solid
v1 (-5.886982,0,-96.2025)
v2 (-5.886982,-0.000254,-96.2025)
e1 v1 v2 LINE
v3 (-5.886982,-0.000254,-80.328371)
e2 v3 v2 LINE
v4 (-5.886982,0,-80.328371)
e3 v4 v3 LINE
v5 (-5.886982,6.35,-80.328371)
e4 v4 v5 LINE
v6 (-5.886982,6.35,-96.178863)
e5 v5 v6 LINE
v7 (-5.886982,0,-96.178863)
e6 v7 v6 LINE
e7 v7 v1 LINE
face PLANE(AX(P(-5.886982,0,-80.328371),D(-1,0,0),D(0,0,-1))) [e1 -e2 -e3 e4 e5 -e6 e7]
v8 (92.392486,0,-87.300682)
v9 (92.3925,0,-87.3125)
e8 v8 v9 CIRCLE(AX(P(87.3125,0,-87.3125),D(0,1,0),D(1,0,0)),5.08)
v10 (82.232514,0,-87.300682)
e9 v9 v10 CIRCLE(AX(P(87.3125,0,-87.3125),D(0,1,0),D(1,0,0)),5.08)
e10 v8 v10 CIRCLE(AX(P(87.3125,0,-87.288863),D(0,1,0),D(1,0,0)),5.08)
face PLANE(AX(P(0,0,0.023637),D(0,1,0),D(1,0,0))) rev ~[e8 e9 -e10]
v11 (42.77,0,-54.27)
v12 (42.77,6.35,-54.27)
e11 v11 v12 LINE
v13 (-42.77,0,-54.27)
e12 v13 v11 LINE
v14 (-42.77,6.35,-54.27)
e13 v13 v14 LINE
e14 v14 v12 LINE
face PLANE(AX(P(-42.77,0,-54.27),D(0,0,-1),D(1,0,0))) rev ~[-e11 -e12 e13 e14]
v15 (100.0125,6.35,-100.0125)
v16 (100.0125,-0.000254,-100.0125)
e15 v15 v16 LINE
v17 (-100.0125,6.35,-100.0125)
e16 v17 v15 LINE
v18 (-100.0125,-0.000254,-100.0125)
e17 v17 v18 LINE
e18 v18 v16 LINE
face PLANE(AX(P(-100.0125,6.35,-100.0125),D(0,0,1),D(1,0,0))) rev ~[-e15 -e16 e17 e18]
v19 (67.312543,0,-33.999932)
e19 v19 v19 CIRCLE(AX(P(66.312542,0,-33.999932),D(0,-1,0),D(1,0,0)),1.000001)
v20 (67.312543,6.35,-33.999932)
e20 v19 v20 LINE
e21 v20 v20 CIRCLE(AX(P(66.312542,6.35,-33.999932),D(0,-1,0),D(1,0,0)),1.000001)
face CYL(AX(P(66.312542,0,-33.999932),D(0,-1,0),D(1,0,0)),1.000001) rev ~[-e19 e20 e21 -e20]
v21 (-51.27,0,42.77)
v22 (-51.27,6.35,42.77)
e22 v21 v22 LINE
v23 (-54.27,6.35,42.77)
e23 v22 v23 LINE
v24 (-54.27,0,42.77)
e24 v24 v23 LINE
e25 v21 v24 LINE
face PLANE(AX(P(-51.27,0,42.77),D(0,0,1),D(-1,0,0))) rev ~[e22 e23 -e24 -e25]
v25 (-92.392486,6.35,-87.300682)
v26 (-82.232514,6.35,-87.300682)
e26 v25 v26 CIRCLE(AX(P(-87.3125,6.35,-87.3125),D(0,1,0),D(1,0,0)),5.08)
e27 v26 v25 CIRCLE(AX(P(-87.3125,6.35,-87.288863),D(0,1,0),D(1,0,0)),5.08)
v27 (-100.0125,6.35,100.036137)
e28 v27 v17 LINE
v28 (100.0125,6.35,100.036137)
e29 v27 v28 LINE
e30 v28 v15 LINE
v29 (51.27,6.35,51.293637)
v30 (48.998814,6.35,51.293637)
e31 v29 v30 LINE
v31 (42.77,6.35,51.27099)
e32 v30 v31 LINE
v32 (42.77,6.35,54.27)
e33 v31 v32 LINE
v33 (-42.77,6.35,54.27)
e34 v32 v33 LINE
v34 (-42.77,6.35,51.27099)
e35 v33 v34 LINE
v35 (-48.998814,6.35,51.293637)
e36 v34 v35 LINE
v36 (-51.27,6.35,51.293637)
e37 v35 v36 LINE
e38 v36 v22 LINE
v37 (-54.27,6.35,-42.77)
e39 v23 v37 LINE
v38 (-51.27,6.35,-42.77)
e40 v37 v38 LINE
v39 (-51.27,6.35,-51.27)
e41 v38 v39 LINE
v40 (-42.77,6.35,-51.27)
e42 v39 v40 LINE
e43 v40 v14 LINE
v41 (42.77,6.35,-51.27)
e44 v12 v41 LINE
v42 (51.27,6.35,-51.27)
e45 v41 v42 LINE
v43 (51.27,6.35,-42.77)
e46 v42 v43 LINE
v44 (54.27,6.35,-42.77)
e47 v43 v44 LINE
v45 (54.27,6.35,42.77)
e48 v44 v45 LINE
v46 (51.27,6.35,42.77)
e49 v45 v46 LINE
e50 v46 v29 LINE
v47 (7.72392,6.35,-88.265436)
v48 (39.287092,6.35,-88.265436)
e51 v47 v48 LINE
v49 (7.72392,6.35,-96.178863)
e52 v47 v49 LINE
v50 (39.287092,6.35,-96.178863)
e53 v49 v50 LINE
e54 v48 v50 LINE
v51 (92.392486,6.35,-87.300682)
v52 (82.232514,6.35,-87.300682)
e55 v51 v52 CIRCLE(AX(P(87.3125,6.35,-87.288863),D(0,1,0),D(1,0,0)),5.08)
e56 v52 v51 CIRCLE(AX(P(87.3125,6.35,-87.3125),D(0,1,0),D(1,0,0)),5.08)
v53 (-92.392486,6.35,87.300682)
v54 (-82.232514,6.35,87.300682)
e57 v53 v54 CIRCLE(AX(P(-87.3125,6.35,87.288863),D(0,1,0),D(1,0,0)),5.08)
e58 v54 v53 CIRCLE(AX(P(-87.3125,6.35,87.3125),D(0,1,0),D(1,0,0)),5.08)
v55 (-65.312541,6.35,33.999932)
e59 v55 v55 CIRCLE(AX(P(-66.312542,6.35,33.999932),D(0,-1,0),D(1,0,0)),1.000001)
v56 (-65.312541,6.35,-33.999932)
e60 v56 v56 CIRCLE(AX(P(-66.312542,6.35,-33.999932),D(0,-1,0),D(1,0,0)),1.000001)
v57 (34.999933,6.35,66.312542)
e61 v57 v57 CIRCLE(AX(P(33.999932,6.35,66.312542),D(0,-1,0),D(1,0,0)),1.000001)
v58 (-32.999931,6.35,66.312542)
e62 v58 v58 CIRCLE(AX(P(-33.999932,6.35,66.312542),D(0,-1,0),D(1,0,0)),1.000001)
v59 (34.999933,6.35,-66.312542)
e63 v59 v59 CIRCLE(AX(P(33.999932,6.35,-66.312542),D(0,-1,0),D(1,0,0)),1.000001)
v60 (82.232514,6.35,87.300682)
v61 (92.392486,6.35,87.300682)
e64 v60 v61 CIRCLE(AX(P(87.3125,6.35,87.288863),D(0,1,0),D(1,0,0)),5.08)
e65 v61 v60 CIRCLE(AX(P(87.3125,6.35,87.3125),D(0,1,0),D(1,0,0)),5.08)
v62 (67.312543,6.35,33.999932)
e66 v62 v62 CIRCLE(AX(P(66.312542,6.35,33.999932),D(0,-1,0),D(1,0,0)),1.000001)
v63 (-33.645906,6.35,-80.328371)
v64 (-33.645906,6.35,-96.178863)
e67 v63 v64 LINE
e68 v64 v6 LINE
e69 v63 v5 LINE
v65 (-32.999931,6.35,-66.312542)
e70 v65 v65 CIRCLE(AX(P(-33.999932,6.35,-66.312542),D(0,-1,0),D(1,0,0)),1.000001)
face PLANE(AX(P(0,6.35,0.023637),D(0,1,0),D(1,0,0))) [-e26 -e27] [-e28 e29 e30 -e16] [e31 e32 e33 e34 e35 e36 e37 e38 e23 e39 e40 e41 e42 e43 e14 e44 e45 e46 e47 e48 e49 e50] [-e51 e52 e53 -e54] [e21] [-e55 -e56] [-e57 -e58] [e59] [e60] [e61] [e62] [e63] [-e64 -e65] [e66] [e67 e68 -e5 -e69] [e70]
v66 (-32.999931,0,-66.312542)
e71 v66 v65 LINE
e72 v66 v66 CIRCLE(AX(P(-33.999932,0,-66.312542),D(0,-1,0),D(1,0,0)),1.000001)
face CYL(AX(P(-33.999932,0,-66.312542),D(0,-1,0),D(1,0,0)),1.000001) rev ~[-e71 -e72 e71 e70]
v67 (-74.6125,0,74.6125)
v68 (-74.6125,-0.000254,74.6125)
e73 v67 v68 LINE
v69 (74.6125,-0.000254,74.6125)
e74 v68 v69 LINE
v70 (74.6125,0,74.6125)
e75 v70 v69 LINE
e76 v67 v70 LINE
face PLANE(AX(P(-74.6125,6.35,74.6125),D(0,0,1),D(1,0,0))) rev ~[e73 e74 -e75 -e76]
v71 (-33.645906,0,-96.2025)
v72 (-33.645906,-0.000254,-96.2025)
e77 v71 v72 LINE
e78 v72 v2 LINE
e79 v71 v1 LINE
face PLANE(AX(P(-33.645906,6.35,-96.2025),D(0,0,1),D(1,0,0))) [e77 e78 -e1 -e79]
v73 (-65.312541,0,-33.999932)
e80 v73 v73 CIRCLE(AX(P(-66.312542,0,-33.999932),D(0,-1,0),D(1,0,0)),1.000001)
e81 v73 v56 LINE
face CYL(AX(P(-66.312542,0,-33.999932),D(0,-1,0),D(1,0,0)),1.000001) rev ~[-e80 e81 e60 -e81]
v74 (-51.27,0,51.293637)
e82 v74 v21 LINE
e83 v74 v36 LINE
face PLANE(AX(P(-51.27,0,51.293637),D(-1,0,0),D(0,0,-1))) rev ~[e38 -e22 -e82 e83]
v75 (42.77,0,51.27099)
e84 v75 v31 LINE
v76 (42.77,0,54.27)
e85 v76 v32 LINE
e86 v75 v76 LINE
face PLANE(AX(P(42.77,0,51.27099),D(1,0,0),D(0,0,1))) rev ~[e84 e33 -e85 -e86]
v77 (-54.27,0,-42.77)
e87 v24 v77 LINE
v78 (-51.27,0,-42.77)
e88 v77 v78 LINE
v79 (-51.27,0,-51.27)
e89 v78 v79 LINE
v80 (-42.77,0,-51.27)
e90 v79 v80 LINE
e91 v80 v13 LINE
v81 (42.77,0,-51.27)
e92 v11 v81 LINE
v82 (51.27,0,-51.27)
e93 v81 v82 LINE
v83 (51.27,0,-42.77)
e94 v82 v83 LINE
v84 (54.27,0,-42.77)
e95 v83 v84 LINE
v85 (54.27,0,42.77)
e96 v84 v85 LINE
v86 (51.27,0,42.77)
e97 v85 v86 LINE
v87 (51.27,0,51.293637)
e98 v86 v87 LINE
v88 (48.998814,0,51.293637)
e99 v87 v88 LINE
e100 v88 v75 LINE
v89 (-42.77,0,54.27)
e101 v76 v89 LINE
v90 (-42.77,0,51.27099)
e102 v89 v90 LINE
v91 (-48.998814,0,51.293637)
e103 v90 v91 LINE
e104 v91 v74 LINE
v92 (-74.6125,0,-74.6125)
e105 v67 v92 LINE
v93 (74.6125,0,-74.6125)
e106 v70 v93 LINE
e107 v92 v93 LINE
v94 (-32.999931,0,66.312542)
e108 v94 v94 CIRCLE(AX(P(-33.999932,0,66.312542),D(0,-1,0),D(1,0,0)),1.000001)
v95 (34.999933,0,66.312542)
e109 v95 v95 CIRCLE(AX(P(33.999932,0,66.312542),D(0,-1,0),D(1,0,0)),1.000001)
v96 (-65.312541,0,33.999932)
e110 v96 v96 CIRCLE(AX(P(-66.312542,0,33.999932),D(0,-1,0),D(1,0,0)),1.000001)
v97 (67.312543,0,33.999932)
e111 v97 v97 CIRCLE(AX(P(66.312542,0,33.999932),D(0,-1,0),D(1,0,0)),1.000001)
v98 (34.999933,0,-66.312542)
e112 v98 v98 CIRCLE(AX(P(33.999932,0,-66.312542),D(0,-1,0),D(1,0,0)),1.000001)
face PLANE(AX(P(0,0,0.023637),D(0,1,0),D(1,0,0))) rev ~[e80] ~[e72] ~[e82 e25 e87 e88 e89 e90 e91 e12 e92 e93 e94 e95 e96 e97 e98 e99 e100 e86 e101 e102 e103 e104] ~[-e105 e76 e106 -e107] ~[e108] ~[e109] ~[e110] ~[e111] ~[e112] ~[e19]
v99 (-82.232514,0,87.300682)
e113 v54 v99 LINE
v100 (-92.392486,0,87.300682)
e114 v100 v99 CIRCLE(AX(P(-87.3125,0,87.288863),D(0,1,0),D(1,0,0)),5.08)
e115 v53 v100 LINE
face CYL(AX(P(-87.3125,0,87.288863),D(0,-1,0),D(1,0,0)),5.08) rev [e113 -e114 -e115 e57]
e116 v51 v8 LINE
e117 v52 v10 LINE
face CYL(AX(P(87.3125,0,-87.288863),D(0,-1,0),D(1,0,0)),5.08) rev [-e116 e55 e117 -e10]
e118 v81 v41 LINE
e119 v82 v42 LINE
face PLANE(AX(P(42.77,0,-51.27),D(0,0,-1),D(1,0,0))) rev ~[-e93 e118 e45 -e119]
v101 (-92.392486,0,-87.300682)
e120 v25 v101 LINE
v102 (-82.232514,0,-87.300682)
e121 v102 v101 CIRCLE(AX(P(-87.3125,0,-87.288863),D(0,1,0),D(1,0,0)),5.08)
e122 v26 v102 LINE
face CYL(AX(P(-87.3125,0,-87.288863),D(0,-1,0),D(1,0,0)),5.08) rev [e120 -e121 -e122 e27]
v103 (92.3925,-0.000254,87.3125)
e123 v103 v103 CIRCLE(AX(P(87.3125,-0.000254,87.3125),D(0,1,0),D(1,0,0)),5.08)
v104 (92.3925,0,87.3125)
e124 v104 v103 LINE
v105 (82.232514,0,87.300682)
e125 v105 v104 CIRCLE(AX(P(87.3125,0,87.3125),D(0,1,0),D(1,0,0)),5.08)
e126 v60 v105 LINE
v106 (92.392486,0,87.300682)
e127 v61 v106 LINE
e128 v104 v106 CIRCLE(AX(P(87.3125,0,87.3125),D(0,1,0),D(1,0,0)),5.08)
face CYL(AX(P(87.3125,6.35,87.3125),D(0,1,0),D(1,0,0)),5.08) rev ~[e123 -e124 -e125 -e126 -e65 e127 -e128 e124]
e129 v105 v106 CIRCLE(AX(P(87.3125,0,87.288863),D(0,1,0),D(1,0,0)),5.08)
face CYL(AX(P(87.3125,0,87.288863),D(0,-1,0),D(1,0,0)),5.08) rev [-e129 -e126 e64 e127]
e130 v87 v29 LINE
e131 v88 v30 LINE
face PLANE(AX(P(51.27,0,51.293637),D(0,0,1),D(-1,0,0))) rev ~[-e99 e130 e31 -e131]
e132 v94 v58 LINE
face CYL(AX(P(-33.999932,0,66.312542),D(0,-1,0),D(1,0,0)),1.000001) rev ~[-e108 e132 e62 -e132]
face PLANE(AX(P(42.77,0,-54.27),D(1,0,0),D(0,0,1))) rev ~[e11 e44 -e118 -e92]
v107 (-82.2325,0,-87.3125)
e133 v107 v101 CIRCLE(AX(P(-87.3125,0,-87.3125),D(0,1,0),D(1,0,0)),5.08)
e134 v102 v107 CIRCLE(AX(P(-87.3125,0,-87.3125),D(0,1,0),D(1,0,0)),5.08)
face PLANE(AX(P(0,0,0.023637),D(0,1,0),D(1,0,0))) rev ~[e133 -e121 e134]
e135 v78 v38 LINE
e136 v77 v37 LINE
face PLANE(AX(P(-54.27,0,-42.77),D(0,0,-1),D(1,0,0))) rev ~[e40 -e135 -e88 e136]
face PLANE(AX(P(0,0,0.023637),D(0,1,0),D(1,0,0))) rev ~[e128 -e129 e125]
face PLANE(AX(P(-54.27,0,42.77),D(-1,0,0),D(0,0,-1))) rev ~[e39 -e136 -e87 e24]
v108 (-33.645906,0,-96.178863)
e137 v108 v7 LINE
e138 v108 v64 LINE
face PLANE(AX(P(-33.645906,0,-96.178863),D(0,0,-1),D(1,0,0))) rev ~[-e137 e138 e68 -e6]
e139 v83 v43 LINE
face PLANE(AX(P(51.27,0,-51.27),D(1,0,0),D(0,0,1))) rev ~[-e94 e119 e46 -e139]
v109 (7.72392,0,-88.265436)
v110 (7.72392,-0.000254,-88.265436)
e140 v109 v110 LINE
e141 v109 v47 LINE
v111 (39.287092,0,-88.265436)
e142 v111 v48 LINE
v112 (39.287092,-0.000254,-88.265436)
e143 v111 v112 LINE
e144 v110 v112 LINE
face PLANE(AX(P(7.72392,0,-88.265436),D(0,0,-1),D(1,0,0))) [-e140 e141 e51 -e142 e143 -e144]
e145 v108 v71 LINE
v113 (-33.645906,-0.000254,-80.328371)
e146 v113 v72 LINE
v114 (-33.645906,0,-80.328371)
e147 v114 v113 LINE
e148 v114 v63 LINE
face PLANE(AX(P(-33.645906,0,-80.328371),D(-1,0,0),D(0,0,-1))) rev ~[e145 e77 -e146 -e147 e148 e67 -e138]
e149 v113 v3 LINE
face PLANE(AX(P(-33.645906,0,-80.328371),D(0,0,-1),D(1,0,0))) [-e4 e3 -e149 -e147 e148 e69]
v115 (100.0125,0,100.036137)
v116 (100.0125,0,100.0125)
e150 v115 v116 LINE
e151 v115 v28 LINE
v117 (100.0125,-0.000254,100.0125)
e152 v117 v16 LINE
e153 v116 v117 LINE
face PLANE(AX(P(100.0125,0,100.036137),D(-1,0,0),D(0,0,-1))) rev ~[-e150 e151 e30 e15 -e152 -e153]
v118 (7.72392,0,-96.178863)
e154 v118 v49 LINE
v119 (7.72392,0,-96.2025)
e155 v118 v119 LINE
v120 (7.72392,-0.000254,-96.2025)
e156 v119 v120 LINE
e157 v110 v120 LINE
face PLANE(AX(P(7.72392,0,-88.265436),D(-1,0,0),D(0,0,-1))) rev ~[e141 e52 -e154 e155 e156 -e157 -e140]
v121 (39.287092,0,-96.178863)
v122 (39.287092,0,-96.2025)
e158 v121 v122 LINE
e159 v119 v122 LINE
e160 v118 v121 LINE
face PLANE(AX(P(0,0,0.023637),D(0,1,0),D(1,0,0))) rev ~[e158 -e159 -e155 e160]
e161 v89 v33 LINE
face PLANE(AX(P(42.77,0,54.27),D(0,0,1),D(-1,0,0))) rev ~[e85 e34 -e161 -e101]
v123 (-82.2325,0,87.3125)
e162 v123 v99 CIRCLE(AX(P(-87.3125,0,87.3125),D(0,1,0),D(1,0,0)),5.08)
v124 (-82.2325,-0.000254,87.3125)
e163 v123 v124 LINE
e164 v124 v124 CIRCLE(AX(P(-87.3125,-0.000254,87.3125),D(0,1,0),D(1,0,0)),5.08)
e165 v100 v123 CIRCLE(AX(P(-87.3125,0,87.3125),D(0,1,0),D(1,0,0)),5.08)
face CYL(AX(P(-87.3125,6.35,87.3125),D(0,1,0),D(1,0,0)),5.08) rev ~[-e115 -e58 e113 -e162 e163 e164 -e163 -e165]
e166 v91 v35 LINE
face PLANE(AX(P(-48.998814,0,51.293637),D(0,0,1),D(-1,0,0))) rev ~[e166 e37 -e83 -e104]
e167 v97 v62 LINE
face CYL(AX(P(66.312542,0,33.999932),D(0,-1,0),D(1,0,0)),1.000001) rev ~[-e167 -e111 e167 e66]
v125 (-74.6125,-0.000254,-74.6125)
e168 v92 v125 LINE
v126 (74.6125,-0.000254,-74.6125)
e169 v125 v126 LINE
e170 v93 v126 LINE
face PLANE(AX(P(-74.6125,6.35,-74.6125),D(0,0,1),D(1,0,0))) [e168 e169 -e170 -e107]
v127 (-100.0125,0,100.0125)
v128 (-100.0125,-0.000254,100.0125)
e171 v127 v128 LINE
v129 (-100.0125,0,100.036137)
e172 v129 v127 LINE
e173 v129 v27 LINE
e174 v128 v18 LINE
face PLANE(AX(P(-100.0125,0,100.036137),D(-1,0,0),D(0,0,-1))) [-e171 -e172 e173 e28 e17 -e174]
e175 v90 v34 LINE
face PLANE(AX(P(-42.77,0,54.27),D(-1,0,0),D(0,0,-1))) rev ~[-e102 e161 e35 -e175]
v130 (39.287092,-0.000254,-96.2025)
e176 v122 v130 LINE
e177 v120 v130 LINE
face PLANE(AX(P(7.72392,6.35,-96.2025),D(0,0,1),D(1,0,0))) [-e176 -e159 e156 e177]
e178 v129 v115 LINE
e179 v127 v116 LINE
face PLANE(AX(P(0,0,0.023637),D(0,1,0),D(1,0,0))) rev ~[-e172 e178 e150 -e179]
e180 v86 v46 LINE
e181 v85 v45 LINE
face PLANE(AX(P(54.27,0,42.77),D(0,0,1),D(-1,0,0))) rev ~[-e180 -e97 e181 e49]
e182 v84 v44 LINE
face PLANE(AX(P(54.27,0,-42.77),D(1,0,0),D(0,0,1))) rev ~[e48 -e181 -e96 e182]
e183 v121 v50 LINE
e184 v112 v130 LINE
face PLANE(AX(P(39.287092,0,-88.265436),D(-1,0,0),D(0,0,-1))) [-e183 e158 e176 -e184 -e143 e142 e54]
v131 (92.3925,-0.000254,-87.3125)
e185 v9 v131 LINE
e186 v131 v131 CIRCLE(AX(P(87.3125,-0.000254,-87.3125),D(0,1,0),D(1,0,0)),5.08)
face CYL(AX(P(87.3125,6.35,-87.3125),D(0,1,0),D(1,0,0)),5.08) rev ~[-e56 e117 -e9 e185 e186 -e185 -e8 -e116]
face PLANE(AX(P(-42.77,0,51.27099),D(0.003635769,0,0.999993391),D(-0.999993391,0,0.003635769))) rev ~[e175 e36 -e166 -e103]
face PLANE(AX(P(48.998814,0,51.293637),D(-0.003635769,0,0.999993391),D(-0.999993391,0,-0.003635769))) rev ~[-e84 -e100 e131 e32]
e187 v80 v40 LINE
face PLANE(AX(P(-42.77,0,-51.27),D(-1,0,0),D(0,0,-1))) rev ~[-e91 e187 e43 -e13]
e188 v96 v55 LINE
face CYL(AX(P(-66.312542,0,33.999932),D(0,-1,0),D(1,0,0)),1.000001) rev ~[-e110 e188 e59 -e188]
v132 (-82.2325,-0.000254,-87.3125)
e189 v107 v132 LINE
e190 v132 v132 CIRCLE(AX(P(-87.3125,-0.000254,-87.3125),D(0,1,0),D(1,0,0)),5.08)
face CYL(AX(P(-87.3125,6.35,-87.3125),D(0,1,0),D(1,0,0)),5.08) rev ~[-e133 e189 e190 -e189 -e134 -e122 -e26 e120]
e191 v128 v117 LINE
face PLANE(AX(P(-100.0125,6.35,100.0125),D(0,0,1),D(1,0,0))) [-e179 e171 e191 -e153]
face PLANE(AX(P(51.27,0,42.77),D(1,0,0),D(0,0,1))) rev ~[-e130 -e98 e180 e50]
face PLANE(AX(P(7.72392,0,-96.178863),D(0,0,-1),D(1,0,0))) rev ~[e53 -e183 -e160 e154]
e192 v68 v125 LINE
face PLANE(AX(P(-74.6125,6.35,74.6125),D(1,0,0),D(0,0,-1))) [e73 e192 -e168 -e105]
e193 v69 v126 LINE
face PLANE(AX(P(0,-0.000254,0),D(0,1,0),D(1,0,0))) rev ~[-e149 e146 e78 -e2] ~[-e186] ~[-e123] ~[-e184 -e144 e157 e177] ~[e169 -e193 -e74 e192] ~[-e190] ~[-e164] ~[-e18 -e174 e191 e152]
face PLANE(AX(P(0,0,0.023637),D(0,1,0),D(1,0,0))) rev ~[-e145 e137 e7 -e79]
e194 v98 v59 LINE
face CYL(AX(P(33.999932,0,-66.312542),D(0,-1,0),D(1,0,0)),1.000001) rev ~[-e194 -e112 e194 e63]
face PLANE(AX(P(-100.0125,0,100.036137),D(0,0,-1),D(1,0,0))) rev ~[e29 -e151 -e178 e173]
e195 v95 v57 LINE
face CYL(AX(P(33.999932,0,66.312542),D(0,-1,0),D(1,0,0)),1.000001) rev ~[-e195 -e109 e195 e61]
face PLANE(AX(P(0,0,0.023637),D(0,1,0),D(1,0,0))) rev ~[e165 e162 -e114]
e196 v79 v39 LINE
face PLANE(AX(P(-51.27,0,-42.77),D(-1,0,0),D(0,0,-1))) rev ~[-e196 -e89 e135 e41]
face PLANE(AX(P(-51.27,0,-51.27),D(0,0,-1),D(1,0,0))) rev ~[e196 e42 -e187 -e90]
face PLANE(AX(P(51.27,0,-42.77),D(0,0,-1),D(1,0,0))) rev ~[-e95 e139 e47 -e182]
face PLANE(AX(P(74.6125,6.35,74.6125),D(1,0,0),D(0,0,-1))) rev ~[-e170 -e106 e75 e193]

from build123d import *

# Parameters (mm, degrees)
SKETCH1_W           = 200.025
SKETCH1_H           = 200.025
SKETCH1_R           = 5.08
SKETCH1_W_2         = 27.758924323
SKETCH1_H_2         = 15.850492031
SKETCH1_W_3         = 31.563171913
SKETCH1_H_3         = 7.913427648
BOSS_EXTRUDE1_DEPTH = 6.35
SKETCH2_W           = 200.025
SKETCH2_H           = 200.025
SKETCH2_R           = 5.08
SKETCH2_W_2         = 149.225
SKETCH2_H_2         = 149.225
SKETCH2_W_3         = 27.758924323
SKETCH2_H_3         = 15.874128766
SKETCH2_W_4         = 31.563171913
SKETCH2_H_4         = 7.937064383
BOSS_EXTRUDE2_DEPTH = 6.350254
SKETCH3_R           = 1.00000054
CUT_EXTRUDE1_DEPTH  = 23.622


with BuildPart() as part:
    # Sketch1 → Boss-Extrude1 (new body)
    with BuildSketch(Plane(origin=(0, 0, 0), x_dir=(1, 0, 0), z_dir=(0, 1, 0))):
        with Locations((0, -0.023636735)):
            Rectangle(SKETCH1_W, SKETCH1_H)
        with Locations((-87.3125, 87.288863265)):
            Circle(SKETCH1_R, mode=Mode.SUBTRACT)
        with Locations((87.3125, 87.288863265)):
            Circle(SKETCH1_R, mode=Mode.SUBTRACT)
        with Locations((-87.3125, -87.288863265)):
            Circle(SKETCH1_R, mode=Mode.SUBTRACT)
        with Locations((87.3125, -87.288863265)):
            Circle(SKETCH1_R, mode=Mode.SUBTRACT)
        Polygon((38.5, 54.27), (42.77, 54.27), (42.77, 51.27), (49, 51.27), (51.27, 51.27), (51.27, 49), (51.27, 42.77), (54.27, 42.77), (54.27, 38.5), (54.27, -38.5), (54.27, -42.77), (51.27, -42.77), (51.27, -49), (51.27, -51.293636735), (48.998814015, -51.293636735), (42.77, -51.270990058), (42.77, -54.27), (38.5, -54.27), (-38.5, -54.27), (-42.77, -54.27), (-42.77, -51.270990058), (-48.998814015, -51.293636735), (-51.27, -51.293636735), (-51.27, -49), (-51.27, -42.77), (-54.27, -42.77), (-54.27, -38.5), (-54.27, 38.5), (-54.27, 42.77), (-51.27, 42.77), (-51.27, 49), (-51.27, 51.27), (-49, 51.27), (-42.77, 51.27), (-42.77, 54.27), (-38.5, 54.27), align=None, mode=Mode.SUBTRACT)
        with Locations((-19.766444167, 88.253617249)):
            Rectangle(SKETCH1_W_2, SKETCH1_H_2, mode=Mode.SUBTRACT)
        with Locations((23.505506165, 92.222149441)):
            Rectangle(SKETCH1_W_3, SKETCH1_H_3, mode=Mode.SUBTRACT)
    extrude(amount=BOSS_EXTRUDE1_DEPTH)

    # Sketch2 → Boss-Extrude2 (add)
    with BuildSketch(Plane(origin=(0, 6.35, 0), x_dir=(1, 0, 0), z_dir=(0, 1, 0))):
        Rectangle(SKETCH2_W, SKETCH2_H)
        with Locations((-87.3125, 87.3125)):
            Circle(SKETCH2_R, mode=Mode.SUBTRACT)
        with Locations((87.3125, 87.3125)):
            Circle(SKETCH2_R, mode=Mode.SUBTRACT)
        with Locations((-87.3125, -87.3125)):
            Circle(SKETCH2_R, mode=Mode.SUBTRACT)
        with Locations((87.3125, -87.3125)):
            Circle(SKETCH2_R, mode=Mode.SUBTRACT)
        Rectangle(SKETCH2_W_2, SKETCH2_H_2, mode=Mode.SUBTRACT)
        with Locations((-19.766444167, 88.265435617)):
            Rectangle(SKETCH2_W_3, SKETCH2_H_3, mode=Mode.SUBTRACT)
        with Locations((23.505506165, 92.233967809)):
            Rectangle(SKETCH2_W_4, SKETCH2_H_4, mode=Mode.SUBTRACT)
    extrude(amount=-BOSS_EXTRUDE2_DEPTH)

    # Sketch3 → Cut-Extrude1 (cut)
    with BuildSketch(Plane.XZ):
        with Locations((-33.999932, -66.312542)):
            Circle(SKETCH3_R)
        with Locations((33.999932, -66.312542)):
            Circle(SKETCH3_R)
        with Locations((-66.312542, 33.999932)):
            Circle(SKETCH3_R)
        with Locations((-66.312542, -33.999932)):
            Circle(SKETCH3_R)
        with Locations((33.999932, 66.312542)):
            Circle(SKETCH3_R)
        with Locations((-33.999932, 66.312542)):
            Circle(SKETCH3_R)
        with Locations((66.312542, -33.999932)):
            Circle(SKETCH3_R)
        with Locations((66.312542, 33.999932)):
            Circle(SKETCH3_R)
    extrude(amount=-CUT_EXTRUDE1_DEPTH, mode=Mode.SUBTRACT)


solid = part.part
